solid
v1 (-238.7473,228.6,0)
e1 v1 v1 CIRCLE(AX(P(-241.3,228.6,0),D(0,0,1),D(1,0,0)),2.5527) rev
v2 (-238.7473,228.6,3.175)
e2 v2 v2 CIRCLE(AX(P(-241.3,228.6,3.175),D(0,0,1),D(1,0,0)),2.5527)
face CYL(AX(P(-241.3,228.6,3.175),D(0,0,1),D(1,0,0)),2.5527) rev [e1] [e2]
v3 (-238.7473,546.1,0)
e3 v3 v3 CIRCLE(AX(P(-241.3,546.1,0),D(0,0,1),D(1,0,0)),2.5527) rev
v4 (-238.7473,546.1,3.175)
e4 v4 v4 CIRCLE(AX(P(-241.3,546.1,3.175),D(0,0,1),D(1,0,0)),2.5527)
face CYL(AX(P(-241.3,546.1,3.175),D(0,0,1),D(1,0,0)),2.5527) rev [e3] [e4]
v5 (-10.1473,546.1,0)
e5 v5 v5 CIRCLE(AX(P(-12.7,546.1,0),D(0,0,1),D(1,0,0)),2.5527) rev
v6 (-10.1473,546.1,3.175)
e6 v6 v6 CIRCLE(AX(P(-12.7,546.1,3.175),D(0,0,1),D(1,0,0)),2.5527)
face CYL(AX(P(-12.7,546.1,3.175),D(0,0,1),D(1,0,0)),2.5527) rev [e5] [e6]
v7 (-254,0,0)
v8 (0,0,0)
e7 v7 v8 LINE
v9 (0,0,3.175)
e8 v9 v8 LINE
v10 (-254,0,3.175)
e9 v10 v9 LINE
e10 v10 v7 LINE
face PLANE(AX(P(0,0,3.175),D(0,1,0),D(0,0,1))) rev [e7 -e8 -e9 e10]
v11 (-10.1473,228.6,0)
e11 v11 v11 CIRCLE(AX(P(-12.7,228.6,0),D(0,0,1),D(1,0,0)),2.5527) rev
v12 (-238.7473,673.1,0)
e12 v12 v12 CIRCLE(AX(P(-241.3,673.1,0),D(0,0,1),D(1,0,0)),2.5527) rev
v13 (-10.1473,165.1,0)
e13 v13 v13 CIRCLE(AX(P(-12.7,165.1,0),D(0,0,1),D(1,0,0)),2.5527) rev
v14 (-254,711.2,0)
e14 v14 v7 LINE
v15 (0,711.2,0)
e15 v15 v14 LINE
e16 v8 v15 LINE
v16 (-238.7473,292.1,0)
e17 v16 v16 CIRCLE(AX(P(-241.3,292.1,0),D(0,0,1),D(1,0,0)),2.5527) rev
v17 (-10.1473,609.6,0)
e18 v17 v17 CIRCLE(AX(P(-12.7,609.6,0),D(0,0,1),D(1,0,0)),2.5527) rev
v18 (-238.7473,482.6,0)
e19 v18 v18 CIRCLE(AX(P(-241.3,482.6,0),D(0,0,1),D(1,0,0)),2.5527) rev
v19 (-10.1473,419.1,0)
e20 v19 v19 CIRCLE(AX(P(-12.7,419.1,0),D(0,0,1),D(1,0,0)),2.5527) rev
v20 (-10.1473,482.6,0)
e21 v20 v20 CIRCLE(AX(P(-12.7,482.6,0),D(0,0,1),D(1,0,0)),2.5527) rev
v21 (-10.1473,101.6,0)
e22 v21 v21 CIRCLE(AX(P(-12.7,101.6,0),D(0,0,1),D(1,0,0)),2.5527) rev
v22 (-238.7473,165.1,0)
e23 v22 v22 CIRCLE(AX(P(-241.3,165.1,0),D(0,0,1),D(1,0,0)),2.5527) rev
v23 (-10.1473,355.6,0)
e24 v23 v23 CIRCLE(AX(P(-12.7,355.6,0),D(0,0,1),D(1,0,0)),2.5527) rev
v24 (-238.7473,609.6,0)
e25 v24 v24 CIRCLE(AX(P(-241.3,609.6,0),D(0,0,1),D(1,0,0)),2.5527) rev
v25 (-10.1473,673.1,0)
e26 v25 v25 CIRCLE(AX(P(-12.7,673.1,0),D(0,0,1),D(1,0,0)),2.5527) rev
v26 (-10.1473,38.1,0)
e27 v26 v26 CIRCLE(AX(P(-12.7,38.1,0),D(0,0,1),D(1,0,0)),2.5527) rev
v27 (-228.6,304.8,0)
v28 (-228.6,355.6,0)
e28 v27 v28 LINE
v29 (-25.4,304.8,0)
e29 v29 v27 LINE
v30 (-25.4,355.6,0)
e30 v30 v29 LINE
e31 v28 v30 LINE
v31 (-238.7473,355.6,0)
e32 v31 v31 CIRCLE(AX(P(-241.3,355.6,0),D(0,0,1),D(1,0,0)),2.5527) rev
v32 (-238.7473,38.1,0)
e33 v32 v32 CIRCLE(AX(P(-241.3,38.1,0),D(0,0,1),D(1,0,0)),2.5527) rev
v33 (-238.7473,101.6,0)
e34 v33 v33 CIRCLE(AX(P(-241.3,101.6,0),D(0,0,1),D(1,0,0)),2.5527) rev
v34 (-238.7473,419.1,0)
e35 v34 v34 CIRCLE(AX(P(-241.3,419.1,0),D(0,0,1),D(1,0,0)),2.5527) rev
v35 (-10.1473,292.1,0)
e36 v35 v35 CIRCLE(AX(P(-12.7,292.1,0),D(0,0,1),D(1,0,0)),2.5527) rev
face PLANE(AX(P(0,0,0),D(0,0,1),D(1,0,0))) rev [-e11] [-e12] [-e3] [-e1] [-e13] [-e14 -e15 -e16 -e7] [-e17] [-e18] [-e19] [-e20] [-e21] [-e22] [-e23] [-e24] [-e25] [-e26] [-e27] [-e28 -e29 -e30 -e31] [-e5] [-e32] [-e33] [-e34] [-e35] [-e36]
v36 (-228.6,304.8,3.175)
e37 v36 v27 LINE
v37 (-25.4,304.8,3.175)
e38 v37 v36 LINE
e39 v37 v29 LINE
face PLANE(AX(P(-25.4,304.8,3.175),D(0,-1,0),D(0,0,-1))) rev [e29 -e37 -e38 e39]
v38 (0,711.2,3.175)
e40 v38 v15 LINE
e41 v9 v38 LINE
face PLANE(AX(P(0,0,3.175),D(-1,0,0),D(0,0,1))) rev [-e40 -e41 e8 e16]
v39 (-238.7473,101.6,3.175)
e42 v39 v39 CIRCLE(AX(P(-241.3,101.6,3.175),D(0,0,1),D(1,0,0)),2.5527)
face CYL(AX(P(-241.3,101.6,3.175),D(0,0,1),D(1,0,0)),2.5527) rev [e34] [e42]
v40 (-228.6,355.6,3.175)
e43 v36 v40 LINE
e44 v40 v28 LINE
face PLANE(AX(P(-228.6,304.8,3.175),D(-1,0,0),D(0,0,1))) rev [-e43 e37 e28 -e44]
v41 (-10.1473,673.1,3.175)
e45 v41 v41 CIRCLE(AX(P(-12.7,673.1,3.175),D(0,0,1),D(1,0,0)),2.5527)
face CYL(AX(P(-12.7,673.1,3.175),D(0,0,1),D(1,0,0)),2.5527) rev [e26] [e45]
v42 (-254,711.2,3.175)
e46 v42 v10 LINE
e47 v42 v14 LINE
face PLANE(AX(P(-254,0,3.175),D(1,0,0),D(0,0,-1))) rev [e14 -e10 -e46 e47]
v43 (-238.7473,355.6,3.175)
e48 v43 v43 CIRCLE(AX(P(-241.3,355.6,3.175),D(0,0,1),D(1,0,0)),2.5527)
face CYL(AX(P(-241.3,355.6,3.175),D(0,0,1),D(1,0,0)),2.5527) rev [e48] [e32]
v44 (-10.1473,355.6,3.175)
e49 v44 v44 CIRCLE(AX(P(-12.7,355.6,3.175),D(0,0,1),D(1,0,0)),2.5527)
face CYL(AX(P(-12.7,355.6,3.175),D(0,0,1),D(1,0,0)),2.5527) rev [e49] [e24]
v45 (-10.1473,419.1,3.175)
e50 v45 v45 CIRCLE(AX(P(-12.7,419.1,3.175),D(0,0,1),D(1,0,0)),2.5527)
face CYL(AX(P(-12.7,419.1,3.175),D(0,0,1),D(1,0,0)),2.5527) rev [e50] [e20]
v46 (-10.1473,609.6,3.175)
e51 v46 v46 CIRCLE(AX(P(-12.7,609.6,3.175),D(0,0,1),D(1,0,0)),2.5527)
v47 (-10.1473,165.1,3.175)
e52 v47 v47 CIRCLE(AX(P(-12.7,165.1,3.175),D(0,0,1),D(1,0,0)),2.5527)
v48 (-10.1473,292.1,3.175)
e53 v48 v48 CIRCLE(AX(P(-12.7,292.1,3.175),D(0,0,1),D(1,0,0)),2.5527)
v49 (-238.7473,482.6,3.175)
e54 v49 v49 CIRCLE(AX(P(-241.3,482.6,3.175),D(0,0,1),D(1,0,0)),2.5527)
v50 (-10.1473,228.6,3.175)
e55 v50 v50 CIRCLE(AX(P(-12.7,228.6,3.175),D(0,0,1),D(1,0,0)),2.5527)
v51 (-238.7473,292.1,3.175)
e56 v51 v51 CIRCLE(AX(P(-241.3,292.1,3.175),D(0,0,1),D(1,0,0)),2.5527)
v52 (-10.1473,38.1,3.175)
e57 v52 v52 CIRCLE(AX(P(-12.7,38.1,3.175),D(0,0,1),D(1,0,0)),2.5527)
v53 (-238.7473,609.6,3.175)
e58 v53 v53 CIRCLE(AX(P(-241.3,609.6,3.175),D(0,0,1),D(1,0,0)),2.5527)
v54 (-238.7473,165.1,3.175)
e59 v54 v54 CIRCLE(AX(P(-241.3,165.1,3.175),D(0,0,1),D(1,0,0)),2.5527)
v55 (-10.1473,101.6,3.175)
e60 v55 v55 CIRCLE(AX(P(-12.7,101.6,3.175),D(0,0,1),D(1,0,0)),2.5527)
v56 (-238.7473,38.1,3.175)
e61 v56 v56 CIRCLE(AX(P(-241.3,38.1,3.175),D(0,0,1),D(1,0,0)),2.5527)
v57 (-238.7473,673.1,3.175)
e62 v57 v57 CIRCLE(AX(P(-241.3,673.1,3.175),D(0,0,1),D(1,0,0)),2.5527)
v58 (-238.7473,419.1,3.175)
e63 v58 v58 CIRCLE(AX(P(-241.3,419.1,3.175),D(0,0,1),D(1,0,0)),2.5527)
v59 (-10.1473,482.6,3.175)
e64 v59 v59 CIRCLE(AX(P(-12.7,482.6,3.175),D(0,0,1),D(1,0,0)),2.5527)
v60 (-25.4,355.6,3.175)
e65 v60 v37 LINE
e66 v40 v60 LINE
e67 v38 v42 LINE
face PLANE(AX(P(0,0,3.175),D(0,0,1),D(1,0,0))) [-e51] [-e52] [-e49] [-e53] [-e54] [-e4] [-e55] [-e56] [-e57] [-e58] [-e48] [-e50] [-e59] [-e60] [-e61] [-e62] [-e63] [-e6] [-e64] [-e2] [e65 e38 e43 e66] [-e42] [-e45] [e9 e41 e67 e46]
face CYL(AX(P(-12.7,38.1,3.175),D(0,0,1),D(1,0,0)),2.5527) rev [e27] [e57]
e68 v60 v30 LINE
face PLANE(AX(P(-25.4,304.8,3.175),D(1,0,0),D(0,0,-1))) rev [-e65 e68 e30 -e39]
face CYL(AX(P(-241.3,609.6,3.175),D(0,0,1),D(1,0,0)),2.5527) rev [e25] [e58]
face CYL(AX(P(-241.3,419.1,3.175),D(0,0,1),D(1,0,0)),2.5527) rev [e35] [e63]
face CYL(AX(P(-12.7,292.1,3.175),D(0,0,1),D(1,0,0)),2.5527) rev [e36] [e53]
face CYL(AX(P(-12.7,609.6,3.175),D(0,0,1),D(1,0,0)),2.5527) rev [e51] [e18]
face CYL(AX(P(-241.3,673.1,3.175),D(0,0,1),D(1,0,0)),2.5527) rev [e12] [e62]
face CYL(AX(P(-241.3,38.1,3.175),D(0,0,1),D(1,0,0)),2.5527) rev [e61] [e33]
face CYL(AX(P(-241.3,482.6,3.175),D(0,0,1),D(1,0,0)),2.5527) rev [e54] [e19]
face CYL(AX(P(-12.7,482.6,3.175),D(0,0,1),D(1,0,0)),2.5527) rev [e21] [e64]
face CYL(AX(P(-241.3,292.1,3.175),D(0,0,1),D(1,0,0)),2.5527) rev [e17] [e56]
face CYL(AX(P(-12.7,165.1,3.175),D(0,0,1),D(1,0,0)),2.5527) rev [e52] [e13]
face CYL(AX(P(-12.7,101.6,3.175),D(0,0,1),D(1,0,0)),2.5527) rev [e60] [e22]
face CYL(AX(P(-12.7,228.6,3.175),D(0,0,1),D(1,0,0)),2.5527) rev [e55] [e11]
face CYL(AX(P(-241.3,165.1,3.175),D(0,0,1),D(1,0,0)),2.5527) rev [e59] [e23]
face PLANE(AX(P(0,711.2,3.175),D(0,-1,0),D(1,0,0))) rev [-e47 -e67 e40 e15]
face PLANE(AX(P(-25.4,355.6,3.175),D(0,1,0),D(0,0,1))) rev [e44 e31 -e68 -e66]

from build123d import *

# Parameters (mm, degrees)
SKETCH1_W              = 254
SKETCH1_H              = 711.2
BOSS_EXTRUDE1_DEPTH    = 3.175
F_10_CLEARANCE_HOLE1_D = 5.1054
LPATTERN1_COUNT        = 11
LPATTERN1_PITCH        = 63.5
SKETCH7_W              = 203.2
SKETCH7_H              = 50.8
CUT_EXTRUDE1_DEPTH     = 756.20296651


with BuildPart() as part:
    # Sketch1 → Boss-Extrude1 (new body)
    with BuildSketch(Plane.XY):
        with Locations((-127, 355.6)):
            Rectangle(SKETCH1_W, SKETCH1_H)
    extrude(amount=BOSS_EXTRUDE1_DEPTH)

    # #10 Clearance Hole1 (through all)
    with Locations(Plane.XY.offset(3.175)):
        with Locations((-241.3, 673.1), (-12.7, 673.1)):
            f_10_clearance_hole1 = Hole(F_10_CLEARANCE_HOLE1_D / 2)

    # LPattern1: #10 Clearance Hole1 ×11
    with Locations(*[(0, -i * LPATTERN1_PITCH, 0) for i in range(1, LPATTERN1_COUNT)]):
        add(f_10_clearance_hole1, mode=Mode.SUBTRACT)

    # Sketch7 → Cut-Extrude1 (cut, through all)
    with BuildSketch(Plane(origin=(0, 0, 0), x_dir=(-1, 0, 0), z_dir=(0, 0, -1))):
        with Locations((127, 330.2)):
            Rectangle(SKETCH7_W, SKETCH7_H)
    extrude(amount=-CUT_EXTRUDE1_DEPTH, mode=Mode.SUBTRACT)


solid = part.part
